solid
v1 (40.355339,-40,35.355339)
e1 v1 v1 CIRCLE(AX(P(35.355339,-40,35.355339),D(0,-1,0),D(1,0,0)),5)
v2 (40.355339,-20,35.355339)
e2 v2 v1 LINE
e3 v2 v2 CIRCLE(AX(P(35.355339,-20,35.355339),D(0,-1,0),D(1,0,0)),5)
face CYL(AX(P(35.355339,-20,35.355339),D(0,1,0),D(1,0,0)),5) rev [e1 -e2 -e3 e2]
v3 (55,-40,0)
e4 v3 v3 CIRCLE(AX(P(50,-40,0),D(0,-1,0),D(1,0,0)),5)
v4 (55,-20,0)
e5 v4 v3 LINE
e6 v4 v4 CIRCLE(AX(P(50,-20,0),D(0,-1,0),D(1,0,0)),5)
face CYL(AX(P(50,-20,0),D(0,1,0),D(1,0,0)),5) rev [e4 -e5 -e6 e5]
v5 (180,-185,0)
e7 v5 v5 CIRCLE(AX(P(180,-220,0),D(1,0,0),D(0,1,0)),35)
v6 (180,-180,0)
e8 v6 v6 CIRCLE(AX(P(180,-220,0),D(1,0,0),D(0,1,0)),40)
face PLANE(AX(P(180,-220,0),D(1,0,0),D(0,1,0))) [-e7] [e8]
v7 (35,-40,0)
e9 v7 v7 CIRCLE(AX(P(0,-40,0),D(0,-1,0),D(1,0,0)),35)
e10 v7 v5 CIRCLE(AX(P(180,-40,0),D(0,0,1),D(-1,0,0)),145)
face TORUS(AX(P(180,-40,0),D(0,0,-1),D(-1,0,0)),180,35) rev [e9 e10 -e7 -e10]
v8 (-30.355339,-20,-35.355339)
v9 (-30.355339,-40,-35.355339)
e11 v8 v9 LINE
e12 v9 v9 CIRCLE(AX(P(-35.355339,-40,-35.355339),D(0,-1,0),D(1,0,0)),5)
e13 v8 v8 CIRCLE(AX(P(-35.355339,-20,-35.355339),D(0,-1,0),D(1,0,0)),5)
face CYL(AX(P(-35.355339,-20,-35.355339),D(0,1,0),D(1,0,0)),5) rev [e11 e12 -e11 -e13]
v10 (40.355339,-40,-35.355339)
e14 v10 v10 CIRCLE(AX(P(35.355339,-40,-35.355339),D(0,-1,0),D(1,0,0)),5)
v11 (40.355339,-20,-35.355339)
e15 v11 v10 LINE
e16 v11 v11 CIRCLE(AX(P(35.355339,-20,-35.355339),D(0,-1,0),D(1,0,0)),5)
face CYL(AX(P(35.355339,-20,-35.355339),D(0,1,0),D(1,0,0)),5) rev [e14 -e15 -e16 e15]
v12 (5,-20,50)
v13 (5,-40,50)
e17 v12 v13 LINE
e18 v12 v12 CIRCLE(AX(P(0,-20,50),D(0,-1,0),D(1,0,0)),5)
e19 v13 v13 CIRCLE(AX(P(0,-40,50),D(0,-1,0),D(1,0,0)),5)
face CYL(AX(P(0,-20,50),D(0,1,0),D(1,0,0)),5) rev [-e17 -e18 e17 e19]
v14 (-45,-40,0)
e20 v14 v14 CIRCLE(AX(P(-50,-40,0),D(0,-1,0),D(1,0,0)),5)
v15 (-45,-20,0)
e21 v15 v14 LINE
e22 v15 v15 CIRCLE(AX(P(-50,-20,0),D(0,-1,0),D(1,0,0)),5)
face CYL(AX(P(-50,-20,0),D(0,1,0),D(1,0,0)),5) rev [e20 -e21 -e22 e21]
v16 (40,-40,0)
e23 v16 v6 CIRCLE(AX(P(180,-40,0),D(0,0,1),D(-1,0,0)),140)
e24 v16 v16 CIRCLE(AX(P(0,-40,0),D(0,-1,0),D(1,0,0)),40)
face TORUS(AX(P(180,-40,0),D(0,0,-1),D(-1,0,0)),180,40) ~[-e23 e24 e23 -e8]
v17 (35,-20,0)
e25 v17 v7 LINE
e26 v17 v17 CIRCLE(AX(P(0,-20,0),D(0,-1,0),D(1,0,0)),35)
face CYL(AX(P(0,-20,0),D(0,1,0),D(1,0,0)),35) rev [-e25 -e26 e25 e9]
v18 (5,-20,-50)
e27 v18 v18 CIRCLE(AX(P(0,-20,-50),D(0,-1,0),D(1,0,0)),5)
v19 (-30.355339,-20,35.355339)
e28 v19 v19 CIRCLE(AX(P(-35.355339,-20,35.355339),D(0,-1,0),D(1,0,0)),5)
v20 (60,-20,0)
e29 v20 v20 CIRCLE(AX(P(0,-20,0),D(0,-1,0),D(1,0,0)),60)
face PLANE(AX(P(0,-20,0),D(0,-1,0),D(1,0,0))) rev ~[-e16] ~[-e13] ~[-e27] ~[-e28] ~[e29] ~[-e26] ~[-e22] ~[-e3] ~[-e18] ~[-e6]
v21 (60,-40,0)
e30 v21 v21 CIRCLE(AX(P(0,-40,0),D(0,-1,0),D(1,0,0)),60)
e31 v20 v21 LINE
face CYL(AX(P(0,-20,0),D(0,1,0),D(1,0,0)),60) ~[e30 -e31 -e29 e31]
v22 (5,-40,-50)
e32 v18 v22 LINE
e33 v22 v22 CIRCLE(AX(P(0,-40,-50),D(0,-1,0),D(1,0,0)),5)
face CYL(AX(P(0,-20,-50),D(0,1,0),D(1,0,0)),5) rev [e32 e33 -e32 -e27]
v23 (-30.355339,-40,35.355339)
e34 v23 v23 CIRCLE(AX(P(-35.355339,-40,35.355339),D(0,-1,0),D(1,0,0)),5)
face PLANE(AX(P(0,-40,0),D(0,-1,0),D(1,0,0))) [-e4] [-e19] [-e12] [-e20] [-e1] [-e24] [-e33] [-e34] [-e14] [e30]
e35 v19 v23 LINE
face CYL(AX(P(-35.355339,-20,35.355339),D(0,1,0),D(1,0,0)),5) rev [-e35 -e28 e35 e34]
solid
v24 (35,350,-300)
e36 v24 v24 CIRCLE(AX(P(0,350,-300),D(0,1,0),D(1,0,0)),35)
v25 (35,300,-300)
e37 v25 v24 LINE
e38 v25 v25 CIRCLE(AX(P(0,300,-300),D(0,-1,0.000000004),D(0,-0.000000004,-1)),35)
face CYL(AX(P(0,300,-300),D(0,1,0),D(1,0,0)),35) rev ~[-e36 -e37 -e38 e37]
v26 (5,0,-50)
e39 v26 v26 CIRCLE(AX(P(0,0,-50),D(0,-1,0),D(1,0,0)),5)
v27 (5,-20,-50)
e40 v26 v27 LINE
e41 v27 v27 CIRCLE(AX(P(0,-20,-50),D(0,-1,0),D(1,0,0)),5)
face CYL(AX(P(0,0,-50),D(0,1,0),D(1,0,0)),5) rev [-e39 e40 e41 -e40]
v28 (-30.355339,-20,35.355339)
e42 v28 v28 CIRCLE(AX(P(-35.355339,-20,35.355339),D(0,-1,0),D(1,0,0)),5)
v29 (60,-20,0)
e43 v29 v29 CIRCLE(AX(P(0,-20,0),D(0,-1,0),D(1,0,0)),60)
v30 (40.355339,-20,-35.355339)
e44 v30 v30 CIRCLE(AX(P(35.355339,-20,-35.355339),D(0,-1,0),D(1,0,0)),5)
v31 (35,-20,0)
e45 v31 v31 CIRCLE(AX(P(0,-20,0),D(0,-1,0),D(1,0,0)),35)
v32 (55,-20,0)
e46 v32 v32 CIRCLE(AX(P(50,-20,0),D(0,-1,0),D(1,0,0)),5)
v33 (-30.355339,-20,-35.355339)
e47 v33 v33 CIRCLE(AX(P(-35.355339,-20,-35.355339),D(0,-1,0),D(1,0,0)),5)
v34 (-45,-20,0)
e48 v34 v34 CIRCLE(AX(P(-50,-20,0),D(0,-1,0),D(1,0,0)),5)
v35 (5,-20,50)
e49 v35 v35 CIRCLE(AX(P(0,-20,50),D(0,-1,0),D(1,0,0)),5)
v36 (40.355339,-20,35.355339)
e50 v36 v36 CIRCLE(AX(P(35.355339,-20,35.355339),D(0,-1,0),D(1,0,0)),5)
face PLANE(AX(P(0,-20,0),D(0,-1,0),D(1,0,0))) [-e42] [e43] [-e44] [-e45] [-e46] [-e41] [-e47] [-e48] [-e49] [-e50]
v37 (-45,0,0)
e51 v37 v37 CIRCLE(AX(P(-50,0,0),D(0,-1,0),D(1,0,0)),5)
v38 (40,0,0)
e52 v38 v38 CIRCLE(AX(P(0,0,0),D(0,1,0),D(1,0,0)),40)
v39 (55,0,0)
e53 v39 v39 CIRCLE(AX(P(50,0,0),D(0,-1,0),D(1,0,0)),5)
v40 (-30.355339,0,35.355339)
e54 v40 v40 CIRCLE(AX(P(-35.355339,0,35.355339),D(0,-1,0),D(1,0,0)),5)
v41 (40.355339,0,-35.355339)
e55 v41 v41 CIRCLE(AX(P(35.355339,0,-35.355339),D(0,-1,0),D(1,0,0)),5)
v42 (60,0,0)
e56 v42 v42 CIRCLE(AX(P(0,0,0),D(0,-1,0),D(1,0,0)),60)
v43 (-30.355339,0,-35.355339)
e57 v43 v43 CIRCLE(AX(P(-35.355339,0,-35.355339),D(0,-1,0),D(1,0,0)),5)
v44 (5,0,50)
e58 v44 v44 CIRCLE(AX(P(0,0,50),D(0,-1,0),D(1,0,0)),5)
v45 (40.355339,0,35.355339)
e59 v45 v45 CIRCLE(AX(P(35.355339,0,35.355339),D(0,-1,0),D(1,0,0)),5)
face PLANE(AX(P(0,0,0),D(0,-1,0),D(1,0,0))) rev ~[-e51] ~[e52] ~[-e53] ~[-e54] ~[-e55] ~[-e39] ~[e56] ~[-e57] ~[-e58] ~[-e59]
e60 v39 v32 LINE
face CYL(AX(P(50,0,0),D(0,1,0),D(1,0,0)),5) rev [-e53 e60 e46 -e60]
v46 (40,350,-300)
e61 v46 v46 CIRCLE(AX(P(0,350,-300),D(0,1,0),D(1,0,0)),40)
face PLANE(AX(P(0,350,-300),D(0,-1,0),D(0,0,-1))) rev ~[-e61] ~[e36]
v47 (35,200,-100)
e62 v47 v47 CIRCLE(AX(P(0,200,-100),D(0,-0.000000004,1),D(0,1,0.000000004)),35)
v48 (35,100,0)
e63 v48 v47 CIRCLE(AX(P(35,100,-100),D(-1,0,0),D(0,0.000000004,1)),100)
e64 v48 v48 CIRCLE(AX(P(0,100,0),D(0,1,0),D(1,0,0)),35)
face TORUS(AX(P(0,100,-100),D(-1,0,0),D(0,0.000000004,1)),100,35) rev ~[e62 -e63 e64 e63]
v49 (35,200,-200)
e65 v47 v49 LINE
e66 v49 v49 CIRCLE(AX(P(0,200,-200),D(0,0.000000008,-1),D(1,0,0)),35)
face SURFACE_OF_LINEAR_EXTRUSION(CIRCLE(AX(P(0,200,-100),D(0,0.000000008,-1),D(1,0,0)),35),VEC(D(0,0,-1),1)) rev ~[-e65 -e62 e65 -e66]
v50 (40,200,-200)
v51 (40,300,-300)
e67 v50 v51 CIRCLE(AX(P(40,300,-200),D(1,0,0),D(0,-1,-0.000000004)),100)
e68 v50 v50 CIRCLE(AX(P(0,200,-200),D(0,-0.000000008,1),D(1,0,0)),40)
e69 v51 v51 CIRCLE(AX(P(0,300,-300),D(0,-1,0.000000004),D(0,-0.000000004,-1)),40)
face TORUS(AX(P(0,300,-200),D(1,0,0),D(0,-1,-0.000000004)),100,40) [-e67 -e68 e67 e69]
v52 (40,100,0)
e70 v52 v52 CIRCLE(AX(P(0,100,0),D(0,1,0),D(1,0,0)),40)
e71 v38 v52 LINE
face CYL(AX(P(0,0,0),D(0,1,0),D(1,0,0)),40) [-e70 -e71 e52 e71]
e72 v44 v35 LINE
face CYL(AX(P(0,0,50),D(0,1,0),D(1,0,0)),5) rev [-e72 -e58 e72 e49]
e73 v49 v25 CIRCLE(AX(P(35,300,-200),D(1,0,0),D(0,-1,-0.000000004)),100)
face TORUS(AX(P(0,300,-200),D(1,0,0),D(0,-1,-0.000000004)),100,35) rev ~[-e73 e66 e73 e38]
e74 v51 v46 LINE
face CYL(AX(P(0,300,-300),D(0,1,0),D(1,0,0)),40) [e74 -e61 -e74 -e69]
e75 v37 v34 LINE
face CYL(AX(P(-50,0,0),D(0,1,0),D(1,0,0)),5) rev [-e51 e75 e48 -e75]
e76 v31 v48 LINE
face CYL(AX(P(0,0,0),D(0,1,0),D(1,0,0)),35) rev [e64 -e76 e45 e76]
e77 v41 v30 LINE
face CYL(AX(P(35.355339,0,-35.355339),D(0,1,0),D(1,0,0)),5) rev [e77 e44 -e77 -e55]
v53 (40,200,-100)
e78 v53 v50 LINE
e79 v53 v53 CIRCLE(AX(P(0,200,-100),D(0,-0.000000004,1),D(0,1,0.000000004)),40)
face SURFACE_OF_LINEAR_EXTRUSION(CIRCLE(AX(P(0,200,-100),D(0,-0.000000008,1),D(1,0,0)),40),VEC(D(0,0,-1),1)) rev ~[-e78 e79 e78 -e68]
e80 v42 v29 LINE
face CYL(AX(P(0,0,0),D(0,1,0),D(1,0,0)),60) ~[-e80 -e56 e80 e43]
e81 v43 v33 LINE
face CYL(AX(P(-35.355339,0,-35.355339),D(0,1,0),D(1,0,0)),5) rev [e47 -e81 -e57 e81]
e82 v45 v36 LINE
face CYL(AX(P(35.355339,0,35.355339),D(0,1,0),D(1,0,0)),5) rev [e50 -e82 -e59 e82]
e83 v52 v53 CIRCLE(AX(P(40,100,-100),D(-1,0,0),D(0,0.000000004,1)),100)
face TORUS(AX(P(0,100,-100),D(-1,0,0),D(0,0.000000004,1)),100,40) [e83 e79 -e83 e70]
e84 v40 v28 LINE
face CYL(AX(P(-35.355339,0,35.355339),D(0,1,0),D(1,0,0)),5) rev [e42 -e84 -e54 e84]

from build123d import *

# Parameters (mm, degrees)
F0_R        = 60
F0_R_2      = 5
F0_R_3      = 35
F1_DEPTH    = 20
F2_R        = 40
F2_R_2      = 35
F1_FACE_R   = 60
F1_FACE_R_2 = 5
F1_FACE_R_3 = 35
F5_DEPTH    = 20
F6_R        = 40
F6_R_2      = 35
F7_ANGLE    = -90


with BuildPart() as f1:
    # F0 (on Front) → F1 (new body)
    with BuildSketch(Plane.XZ):
        Circle(F0_R)
        with Locations((-35.355339, -35.355339)):
            Circle(F0_R_2, mode=Mode.SUBTRACT)
        with Locations((0, -50)):
            Circle(F0_R_2, mode=Mode.SUBTRACT)
        with Locations((35.355339, -35.355339)):
            Circle(F0_R_2, mode=Mode.SUBTRACT)
        with Locations((-50, 0)):
            Circle(F0_R_2, mode=Mode.SUBTRACT)
        with Locations((-35.355339, 35.355339)):
            Circle(F0_R_2, mode=Mode.SUBTRACT)
        Circle(F0_R_3, mode=Mode.SUBTRACT)
        with Locations((50, 0)):
            Circle(F0_R_2, mode=Mode.SUBTRACT)
        with Locations((0, 50)):
            Circle(F0_R_2, mode=Mode.SUBTRACT)
        with Locations((35.355339, 35.355339)):
            Circle(F0_R_2, mode=Mode.SUBTRACT)
    extrude(amount=F1_DEPTH)

    # F4: sweep along a path in F3
    with BuildLine(Plane.YZ) as f4_path:
        Line((0, 0), (100, 0))
        ThreePointArc((100, 0), (170.710678, -29.289322), (200, -100))
        Line((200, -100), (200, -200))
        ThreePointArc((200, -200), (229.289322, -270.710678), (300, -300))
        Line((300, -300), (350, -300))
    # F2 (on Front) → F4 (sweep)
    with BuildSketch(Plane.XZ):
        Circle(F2_R)
        Circle(F2_R_2, mode=Mode.SUBTRACT)
    sweep(path=f4_path.line)


with BuildPart() as f5:
    # F1_face (on face) → F5 (new body)
    with BuildSketch(Plane.XZ.offset(20)):
        Circle(F1_FACE_R)
        with Locations((-35.355339, -35.355339)):
            Circle(F1_FACE_R_2, mode=Mode.SUBTRACT)
        with Locations((0, -50)):
            Circle(F1_FACE_R_2, mode=Mode.SUBTRACT)
        with Locations((35.355339, -35.355339)):
            Circle(F1_FACE_R_2, mode=Mode.SUBTRACT)
        with Locations((-50, 0)):
            Circle(F1_FACE_R_2, mode=Mode.SUBTRACT)
        with Locations((-35.355339, 35.355339)):
            Circle(F1_FACE_R_2, mode=Mode.SUBTRACT)
        Circle(F1_FACE_R_3, mode=Mode.SUBTRACT)
        with Locations((50, 0)):
            Circle(F1_FACE_R_2, mode=Mode.SUBTRACT)
        with Locations((0, 50)):
            Circle(F1_FACE_R_2, mode=Mode.SUBTRACT)
        with Locations((35.355339, 35.355339)):
            Circle(F1_FACE_R_2, mode=Mode.SUBTRACT)
    extrude(amount=F5_DEPTH)

    # F6 (on face) → F7 (revolve)
    with BuildSketch(Plane.XZ.offset(40)):
        Circle(F6_R)
        Circle(F6_R_2, mode=Mode.SUBTRACT)
    revolve(axis=Axis((180, -40, -20.548332), (0, 0, -1)), revolution_arc=F7_ANGLE)


solid = Compound([f1.part, f5.part])
